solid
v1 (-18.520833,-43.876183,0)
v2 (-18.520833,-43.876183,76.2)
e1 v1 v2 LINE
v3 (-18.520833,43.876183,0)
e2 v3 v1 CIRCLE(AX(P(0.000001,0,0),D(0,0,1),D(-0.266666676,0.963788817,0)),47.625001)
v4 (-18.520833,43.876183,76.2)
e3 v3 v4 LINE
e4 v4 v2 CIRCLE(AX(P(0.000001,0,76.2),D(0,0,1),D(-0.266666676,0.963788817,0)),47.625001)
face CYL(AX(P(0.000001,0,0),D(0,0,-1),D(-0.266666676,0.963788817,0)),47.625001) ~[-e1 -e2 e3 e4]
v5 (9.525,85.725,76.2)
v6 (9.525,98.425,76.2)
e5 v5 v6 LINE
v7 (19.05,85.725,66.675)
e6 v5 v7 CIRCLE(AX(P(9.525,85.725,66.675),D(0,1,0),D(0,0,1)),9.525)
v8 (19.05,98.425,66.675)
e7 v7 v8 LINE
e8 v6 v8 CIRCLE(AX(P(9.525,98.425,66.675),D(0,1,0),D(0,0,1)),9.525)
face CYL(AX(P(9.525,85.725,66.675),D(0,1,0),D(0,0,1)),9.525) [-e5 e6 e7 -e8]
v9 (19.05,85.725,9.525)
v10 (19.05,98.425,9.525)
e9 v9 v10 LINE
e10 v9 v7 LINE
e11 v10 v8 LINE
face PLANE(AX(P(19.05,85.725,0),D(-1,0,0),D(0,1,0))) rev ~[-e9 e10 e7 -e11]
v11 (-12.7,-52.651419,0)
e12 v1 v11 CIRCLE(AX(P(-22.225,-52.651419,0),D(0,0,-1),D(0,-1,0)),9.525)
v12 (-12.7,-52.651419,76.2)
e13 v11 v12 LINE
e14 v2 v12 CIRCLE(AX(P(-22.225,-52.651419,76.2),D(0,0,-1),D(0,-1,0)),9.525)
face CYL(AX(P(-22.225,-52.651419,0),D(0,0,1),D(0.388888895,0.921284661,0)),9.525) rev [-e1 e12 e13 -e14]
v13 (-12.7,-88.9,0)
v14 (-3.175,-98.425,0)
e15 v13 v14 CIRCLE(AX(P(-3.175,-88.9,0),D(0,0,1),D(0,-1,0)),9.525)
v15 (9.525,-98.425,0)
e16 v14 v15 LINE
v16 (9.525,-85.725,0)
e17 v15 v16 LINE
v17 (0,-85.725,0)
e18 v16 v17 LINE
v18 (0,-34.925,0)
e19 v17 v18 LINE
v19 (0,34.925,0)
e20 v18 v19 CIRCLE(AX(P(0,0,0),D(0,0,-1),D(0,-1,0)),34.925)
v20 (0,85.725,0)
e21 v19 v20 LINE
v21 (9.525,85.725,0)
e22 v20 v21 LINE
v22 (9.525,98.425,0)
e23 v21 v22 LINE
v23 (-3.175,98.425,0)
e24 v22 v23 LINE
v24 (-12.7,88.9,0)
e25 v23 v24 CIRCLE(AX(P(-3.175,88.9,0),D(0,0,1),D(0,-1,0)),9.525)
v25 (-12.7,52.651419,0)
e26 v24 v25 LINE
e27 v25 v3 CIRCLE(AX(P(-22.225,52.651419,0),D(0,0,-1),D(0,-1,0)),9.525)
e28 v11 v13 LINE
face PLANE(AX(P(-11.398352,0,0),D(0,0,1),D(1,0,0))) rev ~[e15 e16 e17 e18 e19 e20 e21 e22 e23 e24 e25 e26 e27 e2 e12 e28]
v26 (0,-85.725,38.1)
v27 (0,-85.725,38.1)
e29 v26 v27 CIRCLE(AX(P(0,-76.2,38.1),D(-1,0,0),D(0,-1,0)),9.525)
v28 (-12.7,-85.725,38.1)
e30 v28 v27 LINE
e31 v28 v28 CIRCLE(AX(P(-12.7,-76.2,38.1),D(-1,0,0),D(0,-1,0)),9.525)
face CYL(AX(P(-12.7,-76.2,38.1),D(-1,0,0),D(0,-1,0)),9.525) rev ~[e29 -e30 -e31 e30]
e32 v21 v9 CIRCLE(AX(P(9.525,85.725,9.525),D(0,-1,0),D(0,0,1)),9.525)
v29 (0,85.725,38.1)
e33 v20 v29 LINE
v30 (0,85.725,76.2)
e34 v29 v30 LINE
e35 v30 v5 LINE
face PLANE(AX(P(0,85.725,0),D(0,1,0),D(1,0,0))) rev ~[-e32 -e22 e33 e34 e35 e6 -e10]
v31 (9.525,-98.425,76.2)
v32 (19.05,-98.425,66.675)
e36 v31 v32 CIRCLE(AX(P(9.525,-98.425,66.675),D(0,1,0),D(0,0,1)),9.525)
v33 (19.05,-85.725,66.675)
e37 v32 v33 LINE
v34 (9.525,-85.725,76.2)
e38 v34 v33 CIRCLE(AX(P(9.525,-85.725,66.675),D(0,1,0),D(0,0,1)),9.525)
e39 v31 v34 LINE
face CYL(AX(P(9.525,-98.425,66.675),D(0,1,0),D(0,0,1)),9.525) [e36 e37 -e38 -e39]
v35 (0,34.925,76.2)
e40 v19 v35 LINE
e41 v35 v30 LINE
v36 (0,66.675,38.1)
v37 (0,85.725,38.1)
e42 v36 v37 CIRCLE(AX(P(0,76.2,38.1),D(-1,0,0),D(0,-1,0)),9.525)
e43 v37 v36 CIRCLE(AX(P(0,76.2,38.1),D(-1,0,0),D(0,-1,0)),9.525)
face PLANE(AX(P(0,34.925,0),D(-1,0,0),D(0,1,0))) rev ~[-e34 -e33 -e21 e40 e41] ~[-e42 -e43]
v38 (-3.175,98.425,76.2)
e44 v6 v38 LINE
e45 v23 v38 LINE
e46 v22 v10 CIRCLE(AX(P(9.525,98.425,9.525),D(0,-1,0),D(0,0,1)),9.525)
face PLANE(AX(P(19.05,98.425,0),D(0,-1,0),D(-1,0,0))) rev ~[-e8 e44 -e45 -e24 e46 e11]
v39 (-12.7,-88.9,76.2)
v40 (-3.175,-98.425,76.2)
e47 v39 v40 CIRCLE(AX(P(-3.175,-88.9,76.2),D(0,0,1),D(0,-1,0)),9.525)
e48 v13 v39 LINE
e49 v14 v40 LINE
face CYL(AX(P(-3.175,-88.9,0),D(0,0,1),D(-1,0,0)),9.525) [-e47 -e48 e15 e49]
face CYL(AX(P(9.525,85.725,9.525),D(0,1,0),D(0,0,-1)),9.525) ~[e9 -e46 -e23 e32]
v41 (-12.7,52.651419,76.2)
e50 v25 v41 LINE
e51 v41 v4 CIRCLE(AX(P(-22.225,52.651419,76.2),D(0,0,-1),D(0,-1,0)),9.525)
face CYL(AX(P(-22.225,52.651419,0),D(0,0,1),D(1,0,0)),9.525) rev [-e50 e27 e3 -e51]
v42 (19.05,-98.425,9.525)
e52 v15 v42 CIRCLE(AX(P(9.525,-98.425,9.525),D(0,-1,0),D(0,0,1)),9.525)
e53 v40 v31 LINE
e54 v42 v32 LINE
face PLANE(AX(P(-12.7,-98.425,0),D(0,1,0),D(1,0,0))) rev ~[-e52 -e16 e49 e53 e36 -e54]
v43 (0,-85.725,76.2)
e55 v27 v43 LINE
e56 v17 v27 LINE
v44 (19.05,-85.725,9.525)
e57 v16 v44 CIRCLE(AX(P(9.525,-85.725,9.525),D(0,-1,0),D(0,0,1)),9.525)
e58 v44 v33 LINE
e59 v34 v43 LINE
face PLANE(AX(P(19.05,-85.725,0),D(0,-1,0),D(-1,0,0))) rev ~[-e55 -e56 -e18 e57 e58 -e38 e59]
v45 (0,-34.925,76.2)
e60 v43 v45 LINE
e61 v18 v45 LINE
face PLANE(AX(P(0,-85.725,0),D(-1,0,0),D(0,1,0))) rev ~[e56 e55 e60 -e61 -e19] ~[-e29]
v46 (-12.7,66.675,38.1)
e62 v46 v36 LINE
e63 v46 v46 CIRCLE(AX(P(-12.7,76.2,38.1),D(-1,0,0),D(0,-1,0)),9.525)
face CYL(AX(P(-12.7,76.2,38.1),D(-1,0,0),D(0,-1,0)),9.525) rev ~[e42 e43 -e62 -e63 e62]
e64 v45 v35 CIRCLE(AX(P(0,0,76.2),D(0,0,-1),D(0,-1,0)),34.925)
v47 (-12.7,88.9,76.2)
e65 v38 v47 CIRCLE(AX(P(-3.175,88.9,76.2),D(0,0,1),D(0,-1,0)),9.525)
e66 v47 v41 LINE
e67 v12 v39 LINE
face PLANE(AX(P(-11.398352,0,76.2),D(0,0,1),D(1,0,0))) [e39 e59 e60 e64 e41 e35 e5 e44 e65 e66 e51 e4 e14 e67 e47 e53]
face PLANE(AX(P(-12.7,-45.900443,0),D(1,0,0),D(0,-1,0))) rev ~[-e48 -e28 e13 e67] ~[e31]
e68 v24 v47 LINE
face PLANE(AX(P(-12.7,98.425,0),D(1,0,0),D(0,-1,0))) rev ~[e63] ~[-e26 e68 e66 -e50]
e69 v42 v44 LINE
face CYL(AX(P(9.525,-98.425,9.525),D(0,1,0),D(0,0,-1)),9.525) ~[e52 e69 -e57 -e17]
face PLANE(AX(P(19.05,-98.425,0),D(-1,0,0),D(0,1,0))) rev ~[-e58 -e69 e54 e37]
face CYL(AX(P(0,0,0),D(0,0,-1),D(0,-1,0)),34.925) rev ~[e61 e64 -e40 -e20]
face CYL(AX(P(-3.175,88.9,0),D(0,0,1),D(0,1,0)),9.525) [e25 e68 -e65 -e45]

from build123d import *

# Parameters (mm, degrees)
F1_DEPTH = 76.2
F2_R     = 9.525
F3_DEPTH = 25.4
F4_R     = 9.525


with BuildPart() as f1:
    # F0 (on Top) → F1 (new body)
    with BuildSketch(Plane.XY):
        with BuildLine():
            ThreePointArc((0, -34.925), (-34.925, 0), (0, 34.925))
            Line((0, 34.925), (0, 47.625))
            Line((0, 47.625), (0, 56.876238))
            Line((0, 56.876238), (0, 85.725))
            Line((0, 85.725), (19.05, 85.725))
            Line((19.05, 85.725), (19.05, 98.425))
            Line((19.05, 98.425), (-12.7, 98.425))
            Line((-12.7, 98.425), (-12.7, 45.900443))
            ThreePointArc((-12.7, 45.900443), (-47.625, 0), (-12.7, -45.900443))
            Line((-12.7, -45.900443), (-12.7, -98.425))
            Line((-12.7, -98.425), (19.05, -98.425))
            Line((19.05, -98.425), (19.05, -85.725))
            Line((19.05, -85.725), (0, -85.725))
            Line((0, -85.725), (0, -47.625))
            Line((0, -47.625), (0, -34.925))
        make_face()
    extrude(amount=F1_DEPTH)

    # F2 (on face) → F3 (cut)
    with BuildSketch(Plane(origin=(-12.7, 0, 0), x_dir=(0, -1, 0), z_dir=(-1, 0, 0))):
        with Locations((-76.2, 38.1)):
            Circle(F2_R)
        with Locations((76.2, 38.1)):
            Circle(F2_R)
    extrude(amount=-F3_DEPTH, mode=Mode.SUBTRACT)

    # F4
    f4_edges = [f1.edges().sort_by_distance(p)[0] for p in [
        (-12.7, -45.900443, 38.1),
        (-12.7, 45.900443, 38.1),
        (-12.7, 98.425, 38.1),
        (-12.7, -98.425, 38.1),
        (19.05, -92.075, 0),
        (19.05, 92.075, 0),
        (19.05, 92.075, 76.2),
        (19.05, -92.075, 76.2),
    ]]
    fillet(f4_edges, radius=F4_R)


solid = f1.part
